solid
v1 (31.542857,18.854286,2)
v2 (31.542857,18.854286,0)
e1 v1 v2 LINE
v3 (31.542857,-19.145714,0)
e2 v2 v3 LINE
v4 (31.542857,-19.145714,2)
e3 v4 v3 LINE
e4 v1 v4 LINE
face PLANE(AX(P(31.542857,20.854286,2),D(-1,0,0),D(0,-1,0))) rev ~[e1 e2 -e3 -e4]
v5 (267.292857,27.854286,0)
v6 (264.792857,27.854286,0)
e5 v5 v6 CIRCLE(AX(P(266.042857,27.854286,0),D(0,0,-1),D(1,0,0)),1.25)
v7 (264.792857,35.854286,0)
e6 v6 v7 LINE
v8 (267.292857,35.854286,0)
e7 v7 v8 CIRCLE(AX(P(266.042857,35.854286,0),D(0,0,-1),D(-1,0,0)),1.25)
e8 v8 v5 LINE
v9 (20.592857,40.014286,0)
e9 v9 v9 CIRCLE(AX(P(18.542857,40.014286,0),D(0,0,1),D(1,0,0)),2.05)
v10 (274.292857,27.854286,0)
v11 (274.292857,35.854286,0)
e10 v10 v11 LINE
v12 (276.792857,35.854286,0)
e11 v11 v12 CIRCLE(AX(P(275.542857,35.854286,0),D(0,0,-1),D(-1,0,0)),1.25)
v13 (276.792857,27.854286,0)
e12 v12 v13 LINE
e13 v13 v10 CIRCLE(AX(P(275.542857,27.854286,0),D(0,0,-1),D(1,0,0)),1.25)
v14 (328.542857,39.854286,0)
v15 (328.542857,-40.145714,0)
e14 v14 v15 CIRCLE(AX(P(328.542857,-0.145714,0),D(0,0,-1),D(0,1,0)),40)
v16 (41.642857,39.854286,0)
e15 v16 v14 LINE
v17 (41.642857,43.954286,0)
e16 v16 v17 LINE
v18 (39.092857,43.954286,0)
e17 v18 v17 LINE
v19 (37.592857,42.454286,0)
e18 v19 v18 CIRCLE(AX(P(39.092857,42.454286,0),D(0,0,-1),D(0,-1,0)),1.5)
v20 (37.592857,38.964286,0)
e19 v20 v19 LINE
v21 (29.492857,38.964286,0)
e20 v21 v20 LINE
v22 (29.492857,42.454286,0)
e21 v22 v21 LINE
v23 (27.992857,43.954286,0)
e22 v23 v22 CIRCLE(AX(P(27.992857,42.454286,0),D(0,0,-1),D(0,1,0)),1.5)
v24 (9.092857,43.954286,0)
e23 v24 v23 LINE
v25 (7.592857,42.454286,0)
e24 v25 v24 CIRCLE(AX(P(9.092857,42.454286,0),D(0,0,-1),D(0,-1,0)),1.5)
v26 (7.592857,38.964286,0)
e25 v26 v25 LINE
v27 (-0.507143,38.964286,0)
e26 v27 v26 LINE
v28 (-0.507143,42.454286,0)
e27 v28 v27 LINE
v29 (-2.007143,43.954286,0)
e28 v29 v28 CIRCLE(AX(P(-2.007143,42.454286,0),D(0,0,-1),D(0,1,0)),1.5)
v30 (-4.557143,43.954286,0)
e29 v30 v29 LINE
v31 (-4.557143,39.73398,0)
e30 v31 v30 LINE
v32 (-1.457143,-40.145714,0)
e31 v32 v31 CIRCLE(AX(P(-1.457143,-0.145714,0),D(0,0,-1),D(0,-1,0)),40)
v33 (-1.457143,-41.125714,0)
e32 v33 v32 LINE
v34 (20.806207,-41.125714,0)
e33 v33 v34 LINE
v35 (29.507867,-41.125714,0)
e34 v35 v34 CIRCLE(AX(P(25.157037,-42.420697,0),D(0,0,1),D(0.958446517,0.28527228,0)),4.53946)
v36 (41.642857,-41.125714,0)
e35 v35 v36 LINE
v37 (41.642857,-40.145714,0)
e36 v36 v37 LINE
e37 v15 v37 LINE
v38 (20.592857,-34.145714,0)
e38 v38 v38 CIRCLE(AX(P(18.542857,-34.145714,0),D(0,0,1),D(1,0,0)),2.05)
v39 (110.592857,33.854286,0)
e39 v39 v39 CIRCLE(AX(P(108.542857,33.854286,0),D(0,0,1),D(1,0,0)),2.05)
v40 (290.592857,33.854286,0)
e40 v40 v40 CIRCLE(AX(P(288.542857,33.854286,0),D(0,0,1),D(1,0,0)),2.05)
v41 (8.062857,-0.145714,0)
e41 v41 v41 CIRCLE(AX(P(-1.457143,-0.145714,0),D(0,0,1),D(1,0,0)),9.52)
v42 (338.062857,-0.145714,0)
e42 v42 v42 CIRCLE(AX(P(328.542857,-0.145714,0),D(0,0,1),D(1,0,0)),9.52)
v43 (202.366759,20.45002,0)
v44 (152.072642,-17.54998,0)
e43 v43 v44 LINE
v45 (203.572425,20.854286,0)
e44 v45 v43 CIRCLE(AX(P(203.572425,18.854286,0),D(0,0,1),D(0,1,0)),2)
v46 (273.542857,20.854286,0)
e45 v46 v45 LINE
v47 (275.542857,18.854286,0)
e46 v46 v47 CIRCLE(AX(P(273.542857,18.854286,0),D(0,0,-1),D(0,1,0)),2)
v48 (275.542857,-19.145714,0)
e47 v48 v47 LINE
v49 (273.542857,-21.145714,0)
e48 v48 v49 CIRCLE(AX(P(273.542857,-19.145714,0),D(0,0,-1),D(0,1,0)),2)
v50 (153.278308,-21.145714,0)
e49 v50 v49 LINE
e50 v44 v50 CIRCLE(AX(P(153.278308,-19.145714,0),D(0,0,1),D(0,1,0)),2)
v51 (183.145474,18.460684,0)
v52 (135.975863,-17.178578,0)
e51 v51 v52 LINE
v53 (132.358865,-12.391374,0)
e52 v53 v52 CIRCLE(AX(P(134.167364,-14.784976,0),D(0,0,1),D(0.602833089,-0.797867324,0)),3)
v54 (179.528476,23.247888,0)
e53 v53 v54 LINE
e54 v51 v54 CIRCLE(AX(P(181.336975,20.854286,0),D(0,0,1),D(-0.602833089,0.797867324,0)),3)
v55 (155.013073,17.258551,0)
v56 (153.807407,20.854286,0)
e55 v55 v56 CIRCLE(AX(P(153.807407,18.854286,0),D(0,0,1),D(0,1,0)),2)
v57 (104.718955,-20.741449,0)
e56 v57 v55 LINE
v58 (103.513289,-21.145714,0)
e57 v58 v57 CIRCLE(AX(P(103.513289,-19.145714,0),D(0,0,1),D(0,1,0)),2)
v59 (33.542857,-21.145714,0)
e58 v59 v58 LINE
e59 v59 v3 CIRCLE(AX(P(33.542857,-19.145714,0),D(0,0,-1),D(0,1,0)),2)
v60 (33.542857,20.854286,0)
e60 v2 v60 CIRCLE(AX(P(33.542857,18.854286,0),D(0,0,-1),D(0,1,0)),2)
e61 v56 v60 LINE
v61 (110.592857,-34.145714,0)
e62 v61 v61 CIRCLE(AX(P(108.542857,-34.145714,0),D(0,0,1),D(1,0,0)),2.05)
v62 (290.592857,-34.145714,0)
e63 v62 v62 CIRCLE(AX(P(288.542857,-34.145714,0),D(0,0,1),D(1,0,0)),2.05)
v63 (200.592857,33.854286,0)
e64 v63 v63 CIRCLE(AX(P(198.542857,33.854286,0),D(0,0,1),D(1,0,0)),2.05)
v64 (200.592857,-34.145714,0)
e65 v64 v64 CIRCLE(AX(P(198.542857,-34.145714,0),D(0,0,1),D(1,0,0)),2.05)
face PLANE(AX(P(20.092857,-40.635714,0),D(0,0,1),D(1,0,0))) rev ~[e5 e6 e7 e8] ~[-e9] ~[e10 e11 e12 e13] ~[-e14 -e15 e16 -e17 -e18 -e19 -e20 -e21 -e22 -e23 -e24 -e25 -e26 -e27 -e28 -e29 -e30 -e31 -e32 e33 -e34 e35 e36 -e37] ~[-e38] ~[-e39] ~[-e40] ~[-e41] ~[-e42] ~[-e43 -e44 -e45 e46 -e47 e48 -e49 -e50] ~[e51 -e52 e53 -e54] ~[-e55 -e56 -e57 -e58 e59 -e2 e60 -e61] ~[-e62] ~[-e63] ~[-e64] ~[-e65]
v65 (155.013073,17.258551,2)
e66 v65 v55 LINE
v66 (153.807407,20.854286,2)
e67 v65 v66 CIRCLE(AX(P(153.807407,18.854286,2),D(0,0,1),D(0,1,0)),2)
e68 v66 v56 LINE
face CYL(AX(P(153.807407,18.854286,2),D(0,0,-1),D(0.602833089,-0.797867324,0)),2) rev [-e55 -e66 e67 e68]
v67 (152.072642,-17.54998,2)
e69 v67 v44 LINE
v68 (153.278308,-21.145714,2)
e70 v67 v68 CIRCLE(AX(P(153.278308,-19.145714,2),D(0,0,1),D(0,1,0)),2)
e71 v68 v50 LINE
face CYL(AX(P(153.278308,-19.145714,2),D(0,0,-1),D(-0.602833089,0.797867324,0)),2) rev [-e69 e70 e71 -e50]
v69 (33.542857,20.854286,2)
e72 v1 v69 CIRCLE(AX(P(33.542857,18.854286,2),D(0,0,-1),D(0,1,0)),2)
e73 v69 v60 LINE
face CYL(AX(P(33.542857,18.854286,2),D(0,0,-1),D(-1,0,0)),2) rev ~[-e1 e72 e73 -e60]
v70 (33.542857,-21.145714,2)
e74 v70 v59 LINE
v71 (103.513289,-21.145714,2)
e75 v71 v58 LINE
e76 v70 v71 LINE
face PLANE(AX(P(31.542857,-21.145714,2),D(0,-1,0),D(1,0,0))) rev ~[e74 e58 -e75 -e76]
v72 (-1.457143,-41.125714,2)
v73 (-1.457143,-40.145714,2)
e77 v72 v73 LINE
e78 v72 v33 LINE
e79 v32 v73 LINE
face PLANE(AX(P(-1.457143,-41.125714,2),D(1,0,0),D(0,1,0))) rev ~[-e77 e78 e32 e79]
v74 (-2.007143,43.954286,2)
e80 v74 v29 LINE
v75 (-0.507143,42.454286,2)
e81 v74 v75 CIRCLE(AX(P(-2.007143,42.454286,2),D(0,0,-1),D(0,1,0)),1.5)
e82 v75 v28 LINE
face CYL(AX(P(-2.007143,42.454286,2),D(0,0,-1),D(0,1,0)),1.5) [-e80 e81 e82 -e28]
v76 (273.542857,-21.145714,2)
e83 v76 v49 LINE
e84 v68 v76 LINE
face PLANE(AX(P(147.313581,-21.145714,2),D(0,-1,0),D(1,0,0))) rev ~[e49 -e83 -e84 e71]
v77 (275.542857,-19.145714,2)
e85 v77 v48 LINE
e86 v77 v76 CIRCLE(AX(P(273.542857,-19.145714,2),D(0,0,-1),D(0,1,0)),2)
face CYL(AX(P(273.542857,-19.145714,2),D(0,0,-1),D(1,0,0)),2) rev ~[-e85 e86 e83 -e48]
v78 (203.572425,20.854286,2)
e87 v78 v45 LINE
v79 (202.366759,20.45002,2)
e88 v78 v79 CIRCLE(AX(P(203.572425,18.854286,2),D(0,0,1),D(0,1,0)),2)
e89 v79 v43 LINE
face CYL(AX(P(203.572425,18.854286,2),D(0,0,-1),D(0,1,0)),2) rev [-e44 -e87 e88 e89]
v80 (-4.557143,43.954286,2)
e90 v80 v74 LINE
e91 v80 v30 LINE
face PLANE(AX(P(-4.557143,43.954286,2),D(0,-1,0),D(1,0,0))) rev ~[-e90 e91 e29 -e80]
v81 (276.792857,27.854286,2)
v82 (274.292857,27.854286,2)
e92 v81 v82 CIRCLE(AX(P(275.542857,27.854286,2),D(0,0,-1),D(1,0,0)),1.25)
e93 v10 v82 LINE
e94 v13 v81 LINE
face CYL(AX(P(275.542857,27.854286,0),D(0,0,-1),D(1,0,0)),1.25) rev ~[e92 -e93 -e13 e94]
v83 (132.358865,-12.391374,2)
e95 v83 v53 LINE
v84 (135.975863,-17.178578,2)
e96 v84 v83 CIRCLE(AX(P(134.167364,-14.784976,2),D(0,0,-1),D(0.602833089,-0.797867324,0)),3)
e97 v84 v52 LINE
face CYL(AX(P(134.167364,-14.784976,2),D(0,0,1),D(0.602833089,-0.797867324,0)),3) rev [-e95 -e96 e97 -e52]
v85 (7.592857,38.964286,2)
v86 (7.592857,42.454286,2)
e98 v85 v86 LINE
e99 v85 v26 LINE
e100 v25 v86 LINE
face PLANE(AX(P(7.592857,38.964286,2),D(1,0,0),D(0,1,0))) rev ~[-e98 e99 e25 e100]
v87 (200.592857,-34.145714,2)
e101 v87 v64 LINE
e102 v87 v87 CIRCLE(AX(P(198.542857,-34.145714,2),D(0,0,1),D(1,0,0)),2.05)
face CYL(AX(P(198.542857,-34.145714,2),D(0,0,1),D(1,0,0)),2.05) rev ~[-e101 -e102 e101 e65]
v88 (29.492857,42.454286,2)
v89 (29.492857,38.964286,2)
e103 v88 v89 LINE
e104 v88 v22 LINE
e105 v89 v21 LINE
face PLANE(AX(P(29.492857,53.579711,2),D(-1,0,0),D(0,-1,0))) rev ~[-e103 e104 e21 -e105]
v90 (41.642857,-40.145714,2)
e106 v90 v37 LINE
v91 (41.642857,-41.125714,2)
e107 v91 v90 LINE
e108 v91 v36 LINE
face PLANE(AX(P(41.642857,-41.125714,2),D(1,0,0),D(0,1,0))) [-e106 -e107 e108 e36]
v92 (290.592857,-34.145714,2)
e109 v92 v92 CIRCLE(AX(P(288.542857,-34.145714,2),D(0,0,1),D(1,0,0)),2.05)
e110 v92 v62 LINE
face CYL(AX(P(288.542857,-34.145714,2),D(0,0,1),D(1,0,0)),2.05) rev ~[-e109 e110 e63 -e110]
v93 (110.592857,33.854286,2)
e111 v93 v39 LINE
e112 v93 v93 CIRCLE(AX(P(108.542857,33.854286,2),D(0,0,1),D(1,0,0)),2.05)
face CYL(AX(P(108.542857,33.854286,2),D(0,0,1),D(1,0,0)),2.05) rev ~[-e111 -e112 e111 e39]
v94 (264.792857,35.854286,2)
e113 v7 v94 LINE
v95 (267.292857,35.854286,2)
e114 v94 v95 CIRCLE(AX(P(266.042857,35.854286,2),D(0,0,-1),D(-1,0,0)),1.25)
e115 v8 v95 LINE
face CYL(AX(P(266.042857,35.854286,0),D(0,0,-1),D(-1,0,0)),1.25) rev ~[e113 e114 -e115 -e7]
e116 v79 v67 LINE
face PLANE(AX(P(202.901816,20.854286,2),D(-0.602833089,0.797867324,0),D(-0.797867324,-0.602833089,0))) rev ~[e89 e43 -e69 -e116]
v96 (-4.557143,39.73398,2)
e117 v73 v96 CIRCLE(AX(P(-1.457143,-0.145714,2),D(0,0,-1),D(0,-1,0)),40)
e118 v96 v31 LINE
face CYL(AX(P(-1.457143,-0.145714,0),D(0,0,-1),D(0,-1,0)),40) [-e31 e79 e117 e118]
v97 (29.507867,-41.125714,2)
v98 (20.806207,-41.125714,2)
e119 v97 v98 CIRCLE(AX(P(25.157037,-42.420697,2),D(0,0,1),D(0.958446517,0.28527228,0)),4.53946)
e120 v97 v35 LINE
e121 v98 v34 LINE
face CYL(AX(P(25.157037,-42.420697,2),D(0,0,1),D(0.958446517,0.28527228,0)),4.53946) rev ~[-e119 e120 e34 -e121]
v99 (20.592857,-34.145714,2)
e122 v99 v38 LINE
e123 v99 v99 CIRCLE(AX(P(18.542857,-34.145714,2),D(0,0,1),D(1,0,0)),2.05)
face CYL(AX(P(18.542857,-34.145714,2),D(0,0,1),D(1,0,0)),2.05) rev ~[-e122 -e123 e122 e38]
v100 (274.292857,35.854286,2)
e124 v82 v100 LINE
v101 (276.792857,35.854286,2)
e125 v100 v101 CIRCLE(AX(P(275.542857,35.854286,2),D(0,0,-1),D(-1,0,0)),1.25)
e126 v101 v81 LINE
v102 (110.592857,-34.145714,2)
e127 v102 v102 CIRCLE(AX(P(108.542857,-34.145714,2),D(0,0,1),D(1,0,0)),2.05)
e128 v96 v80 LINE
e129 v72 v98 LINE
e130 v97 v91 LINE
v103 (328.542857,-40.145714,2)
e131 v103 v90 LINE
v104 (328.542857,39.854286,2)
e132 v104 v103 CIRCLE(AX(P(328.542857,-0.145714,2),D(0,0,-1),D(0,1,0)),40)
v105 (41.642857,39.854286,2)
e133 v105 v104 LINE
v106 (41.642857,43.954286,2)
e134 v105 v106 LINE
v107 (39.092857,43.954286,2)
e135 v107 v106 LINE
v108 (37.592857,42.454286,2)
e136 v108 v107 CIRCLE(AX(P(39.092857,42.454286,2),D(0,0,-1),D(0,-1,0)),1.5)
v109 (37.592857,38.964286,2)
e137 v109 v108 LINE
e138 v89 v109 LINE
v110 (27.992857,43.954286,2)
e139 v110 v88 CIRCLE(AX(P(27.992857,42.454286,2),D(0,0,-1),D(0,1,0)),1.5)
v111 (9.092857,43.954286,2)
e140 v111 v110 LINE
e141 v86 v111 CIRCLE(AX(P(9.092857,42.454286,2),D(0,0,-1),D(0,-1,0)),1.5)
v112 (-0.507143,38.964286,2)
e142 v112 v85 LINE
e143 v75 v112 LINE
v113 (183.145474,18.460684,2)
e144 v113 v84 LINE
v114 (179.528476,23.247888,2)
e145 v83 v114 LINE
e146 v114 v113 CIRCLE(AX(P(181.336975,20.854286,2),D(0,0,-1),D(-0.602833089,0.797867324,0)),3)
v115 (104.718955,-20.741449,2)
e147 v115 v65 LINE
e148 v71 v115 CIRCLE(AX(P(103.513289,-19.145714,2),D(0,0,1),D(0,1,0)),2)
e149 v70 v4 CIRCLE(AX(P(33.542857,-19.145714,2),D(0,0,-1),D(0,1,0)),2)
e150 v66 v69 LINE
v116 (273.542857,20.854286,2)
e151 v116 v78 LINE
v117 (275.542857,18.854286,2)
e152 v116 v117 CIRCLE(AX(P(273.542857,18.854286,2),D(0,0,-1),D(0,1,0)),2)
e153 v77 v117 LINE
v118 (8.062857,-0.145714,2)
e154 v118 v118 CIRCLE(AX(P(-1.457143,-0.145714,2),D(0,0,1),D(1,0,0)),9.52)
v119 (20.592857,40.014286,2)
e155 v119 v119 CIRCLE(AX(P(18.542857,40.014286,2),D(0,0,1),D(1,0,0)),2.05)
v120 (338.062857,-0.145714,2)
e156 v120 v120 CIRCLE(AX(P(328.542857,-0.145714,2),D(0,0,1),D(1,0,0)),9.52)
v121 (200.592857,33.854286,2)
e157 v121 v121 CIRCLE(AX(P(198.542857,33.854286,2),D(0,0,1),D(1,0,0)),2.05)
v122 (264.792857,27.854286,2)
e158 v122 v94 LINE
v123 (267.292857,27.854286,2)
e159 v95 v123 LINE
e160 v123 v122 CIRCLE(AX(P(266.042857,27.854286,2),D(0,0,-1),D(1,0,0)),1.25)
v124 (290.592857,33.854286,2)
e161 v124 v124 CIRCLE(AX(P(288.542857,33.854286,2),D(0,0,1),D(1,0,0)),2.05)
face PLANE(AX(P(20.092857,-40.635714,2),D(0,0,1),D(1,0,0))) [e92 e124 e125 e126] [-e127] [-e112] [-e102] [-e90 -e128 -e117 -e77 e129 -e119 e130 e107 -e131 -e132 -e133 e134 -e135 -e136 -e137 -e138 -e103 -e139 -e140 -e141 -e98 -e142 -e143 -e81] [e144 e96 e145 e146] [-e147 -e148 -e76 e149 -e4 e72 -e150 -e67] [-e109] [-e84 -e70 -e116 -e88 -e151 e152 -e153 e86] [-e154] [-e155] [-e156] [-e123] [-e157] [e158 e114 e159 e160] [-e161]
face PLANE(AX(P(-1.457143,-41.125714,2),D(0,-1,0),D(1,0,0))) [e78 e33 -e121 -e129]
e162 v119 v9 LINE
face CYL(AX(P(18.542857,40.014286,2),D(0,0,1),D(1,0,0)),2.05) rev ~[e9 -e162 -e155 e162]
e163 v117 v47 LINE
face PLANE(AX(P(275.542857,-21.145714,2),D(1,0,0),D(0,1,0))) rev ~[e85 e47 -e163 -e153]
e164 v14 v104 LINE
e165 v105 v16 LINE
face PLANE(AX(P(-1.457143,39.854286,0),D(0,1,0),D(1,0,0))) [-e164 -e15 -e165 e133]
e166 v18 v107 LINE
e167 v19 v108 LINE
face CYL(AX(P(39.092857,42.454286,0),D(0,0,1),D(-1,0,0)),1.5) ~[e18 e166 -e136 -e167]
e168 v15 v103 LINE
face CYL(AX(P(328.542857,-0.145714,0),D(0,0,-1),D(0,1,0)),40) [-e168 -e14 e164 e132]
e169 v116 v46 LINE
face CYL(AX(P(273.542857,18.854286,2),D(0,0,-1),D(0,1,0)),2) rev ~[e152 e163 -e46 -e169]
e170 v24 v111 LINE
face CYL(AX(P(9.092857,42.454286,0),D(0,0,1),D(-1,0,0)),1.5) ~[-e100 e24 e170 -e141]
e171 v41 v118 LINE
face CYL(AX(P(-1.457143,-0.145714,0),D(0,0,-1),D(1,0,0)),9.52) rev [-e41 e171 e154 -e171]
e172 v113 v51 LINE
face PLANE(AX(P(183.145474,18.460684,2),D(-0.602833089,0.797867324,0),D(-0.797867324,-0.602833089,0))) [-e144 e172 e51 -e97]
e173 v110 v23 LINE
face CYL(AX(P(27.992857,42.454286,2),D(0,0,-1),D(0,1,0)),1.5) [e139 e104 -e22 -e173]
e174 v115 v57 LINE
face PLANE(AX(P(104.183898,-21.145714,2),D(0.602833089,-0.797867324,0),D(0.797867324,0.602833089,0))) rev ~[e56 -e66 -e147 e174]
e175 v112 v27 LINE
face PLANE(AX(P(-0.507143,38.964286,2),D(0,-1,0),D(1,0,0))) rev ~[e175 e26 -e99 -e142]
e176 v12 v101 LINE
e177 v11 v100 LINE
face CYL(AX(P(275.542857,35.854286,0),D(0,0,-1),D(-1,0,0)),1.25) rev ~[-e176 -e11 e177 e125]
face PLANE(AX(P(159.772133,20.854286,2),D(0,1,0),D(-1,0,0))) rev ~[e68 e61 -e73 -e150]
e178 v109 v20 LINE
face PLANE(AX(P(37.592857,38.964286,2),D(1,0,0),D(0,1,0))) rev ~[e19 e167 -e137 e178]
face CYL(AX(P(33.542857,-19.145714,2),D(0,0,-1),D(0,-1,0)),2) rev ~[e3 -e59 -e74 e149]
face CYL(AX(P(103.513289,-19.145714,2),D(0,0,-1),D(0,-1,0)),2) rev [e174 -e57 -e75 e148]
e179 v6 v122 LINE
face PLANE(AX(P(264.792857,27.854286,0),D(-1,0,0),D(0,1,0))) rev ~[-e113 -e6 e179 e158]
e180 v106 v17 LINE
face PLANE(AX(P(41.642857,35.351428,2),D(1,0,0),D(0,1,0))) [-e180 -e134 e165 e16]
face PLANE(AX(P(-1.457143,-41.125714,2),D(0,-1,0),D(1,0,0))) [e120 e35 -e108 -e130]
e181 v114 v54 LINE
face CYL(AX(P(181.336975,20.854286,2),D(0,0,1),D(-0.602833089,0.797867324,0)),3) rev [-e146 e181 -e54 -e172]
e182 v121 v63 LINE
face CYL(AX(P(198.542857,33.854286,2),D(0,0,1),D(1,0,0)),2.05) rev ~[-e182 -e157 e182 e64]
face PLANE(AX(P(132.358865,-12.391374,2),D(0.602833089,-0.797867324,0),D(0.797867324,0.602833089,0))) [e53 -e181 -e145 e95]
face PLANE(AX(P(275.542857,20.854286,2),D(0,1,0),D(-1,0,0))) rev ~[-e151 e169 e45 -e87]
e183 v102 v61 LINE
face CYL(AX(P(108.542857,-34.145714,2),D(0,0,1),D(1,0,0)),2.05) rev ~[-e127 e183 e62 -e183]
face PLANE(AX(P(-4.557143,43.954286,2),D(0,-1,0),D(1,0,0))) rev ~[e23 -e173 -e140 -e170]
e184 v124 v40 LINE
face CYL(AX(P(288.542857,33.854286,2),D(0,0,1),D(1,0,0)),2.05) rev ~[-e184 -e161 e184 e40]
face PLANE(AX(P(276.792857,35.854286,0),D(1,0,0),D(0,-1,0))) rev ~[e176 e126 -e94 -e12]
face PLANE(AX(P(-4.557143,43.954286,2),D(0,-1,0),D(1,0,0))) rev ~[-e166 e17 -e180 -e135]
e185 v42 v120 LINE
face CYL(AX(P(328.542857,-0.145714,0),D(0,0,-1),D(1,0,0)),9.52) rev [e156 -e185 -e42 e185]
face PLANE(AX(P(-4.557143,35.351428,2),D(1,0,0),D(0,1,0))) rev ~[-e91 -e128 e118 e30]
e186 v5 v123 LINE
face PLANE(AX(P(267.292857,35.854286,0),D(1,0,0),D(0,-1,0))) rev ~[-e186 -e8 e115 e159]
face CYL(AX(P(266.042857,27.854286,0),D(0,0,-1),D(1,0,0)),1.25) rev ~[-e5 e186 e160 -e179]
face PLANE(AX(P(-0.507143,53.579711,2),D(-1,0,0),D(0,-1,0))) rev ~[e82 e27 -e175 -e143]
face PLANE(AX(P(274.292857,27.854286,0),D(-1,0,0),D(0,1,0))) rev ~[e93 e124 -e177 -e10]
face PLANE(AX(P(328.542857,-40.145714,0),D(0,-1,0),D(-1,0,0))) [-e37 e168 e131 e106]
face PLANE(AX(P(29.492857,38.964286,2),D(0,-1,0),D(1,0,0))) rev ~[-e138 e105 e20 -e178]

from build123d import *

# Parameters (mm, degrees)
SKETCH_1_R          = 9.52
EXTRUDE_1_DEPTH     = 2
SKETCH_4_W          = 43.1
SKETCH_4_H          = 0.98
SKETCH_4_W_2        = 46.2
SKETCH_4_H_2        = 8.602857229
EXTRUDE_2_DEPTH     = 2
SKETCH_2_R          = 2.05
CUT_EXTRUDE_1_DEPTH = 4
CUT_EXTRUDE_2_DEPTH = 10
FILLET_1_R          = 2
CUT_EXTRUDE_3_DEPTH = 2
FILLET_2_R          = 1.5


with BuildPart() as part:
    # 草图1 → 凸台-拉伸1 (new body)
    with BuildSketch(Plane.XY):
        with BuildLine():
            Line((328.542857143, -40.145714286), (-1.457142857, -40.145714286))
            ThreePointArc((-1.457142857, -40.145714286), (-41.457142857, -0.145714286), (-1.457142857, 39.854285714))
            Line((-1.457142857, 39.854285714), (328.542857143, 39.854285714))
            ThreePointArc((328.542857143, 39.854285714), (368.542857143, -0.145714286), (328.542857143, -40.145714286))
        make_face()
        with Locations((-1.457142857, -0.145714286)):
            Circle(SKETCH_1_R, mode=Mode.SUBTRACT)
        with Locations((328.542857143, -0.145714286)):
            Circle(SKETCH_1_R, mode=Mode.SUBTRACT)
        with BuildLine():
            Line((276.792857143, 35.854285714), (276.792857143, 27.854285714))
            ThreePointArc((276.792857143, 27.854285714), (275.542857143, 26.604285714), (274.292857143, 27.854285714))
            Line((274.292857143, 27.854285714), (274.292857143, 35.854285714))
            ThreePointArc((274.292857143, 35.854285714), (275.542857143, 37.104285714), (276.792857143, 35.854285714))
        make_face(mode=Mode.SUBTRACT)
        with BuildLine():
            Line((264.792857143, 27.854285714), (264.792857143, 35.854285714))
            ThreePointArc((264.792857143, 35.854285714), (266.042857143, 37.104285714), (267.292857143, 35.854285714))
            Line((267.292857143, 35.854285714), (267.292857143, 27.854285714))
            ThreePointArc((267.292857143, 27.854285714), (266.042857143, 26.604285714), (264.792857143, 27.854285714))
        make_face(mode=Mode.SUBTRACT)
    extrude(amount=EXTRUDE_1_DEPTH)

    # 草图4 → 凸台-拉伸2 (add)
    with BuildSketch(Plane.XY.offset(2)):
        with Locations((20.092857143, -40.635714286)):
            Rectangle(SKETCH_4_W, SKETCH_4_H)
        with Locations((18.542857143, 39.652857099)):
            Rectangle(SKETCH_4_W_2, SKETCH_4_H_2)
    extrude(amount=-EXTRUDE_2_DEPTH)

    # 草图2 → 切除-拉伸1 (cut)
    with BuildSketch(Plane.XY.offset(2)):
        with Locations((108.542857143, 33.854285714)):
            Circle(SKETCH_2_R)
        with Locations((198.542857143, 33.854285714)):
            Circle(SKETCH_2_R)
        with Locations((288.542857143, 33.854285714)):
            Circle(SKETCH_2_R)
        with Locations((108.542857143, -34.145714286)):
            Circle(SKETCH_2_R)
        with Locations((198.542857143, -34.145714286)):
            Circle(SKETCH_2_R)
        with Locations((288.542857143, -34.145714286)):
            Circle(SKETCH_2_R)
        with Locations((18.542857143, -34.145714286)):
            Circle(SKETCH_2_R)
        with Locations((18.542857143, 40.014285714)):
            Circle(SKETCH_2_R)
        Polygon((31.542857143, -21.145714286), (104.183898028, -21.145714286), (159.772133322, 20.854285714), (31.542857143, 20.854285714), align=None)
        Polygon((275.542857143, 20.854285714), (202.901816258, 20.854285714), (147.313580964, -21.145714286), (275.542857143, -21.145714286), align=None)
        Polygon((29.492857143, 41.064285714), (29.492857143, 38.964285714), (37.592857143, 38.964285714), (37.592857143, 41.064285714), (37.592857143, 53.579710622), (29.492857143, 53.579710622), align=None)
        Polygon((-0.507142857, 41.064285714), (-0.507142857, 38.964285714), (7.592857143, 38.964285714), (7.592857143, 41.064285714), (7.592857143, 53.579710622), (-0.507142857, 53.579710622), align=None)
    extrude(amount=-CUT_EXTRUDE_1_DEPTH, mode=Mode.SUBTRACT)

    # 草图3 → 切除-拉伸2 (cut)
    with BuildSketch(Plane.XY.offset(2)):
        with BuildLine():
            Line((183.145474057, 18.460683743), (135.97586329, -17.178577727))
            ThreePointArc((135.97586329, -17.178577727), (131.77376205, -16.593475022), (132.358864754, -12.391373783))
            Line((132.358864754, -12.391373783), (179.528475522, 23.247887686))
            ThreePointArc((179.528475522, 23.247887686), (183.730576762, 22.662784982), (183.145474057, 18.460683743))
        make_face()
    extrude(amount=-CUT_EXTRUDE_2_DEPTH, mode=Mode.SUBTRACT)

    # 圆角1
    fillet_1_edges = [part.edges().sort_by_distance(p)[0] for p in [
        (275.542857143, 20.854285714, 1),
        (275.542857143, -21.145714286, 1),
        (147.313580964, -21.145714286, 1),
        (202.901816258, 20.854285714, 1),
        (31.542857143, -21.145714286, 1),
        (31.542857143, 20.854285714, 1),
        (159.772133322, 20.854285714, 1),
        (104.183898028, -21.145714286, 1),
    ]]
    fillet(fillet_1_edges, radius=FILLET_1_R)

    # 草图5 → 切除-拉伸3 (cut)
    with BuildSketch(Plane.XY.offset(2)):
        with BuildLine():
            Line((20.806207352, -41.125714286), (29.507867411, -41.125714286))
            ThreePointArc((29.507867411, -41.125714286), (25.157037382, -37.88123609), (20.806207352, -41.125714286))
        make_face()
    extrude(amount=-CUT_EXTRUDE_3_DEPTH, mode=Mode.SUBTRACT)

    # 圆角2
    fillet_2_edges = [part.edges().sort_by_distance(p)[0] for p in [
        (37.592857143, 43.954285714, 1),
        (29.492857143, 43.954285714, 1),
        (-0.507142857, 43.954285714, 1),
        (7.592857143, 43.954285714, 1),
    ]]
    fillet(fillet_2_edges, radius=FILLET_2_R)


solid = part.part
